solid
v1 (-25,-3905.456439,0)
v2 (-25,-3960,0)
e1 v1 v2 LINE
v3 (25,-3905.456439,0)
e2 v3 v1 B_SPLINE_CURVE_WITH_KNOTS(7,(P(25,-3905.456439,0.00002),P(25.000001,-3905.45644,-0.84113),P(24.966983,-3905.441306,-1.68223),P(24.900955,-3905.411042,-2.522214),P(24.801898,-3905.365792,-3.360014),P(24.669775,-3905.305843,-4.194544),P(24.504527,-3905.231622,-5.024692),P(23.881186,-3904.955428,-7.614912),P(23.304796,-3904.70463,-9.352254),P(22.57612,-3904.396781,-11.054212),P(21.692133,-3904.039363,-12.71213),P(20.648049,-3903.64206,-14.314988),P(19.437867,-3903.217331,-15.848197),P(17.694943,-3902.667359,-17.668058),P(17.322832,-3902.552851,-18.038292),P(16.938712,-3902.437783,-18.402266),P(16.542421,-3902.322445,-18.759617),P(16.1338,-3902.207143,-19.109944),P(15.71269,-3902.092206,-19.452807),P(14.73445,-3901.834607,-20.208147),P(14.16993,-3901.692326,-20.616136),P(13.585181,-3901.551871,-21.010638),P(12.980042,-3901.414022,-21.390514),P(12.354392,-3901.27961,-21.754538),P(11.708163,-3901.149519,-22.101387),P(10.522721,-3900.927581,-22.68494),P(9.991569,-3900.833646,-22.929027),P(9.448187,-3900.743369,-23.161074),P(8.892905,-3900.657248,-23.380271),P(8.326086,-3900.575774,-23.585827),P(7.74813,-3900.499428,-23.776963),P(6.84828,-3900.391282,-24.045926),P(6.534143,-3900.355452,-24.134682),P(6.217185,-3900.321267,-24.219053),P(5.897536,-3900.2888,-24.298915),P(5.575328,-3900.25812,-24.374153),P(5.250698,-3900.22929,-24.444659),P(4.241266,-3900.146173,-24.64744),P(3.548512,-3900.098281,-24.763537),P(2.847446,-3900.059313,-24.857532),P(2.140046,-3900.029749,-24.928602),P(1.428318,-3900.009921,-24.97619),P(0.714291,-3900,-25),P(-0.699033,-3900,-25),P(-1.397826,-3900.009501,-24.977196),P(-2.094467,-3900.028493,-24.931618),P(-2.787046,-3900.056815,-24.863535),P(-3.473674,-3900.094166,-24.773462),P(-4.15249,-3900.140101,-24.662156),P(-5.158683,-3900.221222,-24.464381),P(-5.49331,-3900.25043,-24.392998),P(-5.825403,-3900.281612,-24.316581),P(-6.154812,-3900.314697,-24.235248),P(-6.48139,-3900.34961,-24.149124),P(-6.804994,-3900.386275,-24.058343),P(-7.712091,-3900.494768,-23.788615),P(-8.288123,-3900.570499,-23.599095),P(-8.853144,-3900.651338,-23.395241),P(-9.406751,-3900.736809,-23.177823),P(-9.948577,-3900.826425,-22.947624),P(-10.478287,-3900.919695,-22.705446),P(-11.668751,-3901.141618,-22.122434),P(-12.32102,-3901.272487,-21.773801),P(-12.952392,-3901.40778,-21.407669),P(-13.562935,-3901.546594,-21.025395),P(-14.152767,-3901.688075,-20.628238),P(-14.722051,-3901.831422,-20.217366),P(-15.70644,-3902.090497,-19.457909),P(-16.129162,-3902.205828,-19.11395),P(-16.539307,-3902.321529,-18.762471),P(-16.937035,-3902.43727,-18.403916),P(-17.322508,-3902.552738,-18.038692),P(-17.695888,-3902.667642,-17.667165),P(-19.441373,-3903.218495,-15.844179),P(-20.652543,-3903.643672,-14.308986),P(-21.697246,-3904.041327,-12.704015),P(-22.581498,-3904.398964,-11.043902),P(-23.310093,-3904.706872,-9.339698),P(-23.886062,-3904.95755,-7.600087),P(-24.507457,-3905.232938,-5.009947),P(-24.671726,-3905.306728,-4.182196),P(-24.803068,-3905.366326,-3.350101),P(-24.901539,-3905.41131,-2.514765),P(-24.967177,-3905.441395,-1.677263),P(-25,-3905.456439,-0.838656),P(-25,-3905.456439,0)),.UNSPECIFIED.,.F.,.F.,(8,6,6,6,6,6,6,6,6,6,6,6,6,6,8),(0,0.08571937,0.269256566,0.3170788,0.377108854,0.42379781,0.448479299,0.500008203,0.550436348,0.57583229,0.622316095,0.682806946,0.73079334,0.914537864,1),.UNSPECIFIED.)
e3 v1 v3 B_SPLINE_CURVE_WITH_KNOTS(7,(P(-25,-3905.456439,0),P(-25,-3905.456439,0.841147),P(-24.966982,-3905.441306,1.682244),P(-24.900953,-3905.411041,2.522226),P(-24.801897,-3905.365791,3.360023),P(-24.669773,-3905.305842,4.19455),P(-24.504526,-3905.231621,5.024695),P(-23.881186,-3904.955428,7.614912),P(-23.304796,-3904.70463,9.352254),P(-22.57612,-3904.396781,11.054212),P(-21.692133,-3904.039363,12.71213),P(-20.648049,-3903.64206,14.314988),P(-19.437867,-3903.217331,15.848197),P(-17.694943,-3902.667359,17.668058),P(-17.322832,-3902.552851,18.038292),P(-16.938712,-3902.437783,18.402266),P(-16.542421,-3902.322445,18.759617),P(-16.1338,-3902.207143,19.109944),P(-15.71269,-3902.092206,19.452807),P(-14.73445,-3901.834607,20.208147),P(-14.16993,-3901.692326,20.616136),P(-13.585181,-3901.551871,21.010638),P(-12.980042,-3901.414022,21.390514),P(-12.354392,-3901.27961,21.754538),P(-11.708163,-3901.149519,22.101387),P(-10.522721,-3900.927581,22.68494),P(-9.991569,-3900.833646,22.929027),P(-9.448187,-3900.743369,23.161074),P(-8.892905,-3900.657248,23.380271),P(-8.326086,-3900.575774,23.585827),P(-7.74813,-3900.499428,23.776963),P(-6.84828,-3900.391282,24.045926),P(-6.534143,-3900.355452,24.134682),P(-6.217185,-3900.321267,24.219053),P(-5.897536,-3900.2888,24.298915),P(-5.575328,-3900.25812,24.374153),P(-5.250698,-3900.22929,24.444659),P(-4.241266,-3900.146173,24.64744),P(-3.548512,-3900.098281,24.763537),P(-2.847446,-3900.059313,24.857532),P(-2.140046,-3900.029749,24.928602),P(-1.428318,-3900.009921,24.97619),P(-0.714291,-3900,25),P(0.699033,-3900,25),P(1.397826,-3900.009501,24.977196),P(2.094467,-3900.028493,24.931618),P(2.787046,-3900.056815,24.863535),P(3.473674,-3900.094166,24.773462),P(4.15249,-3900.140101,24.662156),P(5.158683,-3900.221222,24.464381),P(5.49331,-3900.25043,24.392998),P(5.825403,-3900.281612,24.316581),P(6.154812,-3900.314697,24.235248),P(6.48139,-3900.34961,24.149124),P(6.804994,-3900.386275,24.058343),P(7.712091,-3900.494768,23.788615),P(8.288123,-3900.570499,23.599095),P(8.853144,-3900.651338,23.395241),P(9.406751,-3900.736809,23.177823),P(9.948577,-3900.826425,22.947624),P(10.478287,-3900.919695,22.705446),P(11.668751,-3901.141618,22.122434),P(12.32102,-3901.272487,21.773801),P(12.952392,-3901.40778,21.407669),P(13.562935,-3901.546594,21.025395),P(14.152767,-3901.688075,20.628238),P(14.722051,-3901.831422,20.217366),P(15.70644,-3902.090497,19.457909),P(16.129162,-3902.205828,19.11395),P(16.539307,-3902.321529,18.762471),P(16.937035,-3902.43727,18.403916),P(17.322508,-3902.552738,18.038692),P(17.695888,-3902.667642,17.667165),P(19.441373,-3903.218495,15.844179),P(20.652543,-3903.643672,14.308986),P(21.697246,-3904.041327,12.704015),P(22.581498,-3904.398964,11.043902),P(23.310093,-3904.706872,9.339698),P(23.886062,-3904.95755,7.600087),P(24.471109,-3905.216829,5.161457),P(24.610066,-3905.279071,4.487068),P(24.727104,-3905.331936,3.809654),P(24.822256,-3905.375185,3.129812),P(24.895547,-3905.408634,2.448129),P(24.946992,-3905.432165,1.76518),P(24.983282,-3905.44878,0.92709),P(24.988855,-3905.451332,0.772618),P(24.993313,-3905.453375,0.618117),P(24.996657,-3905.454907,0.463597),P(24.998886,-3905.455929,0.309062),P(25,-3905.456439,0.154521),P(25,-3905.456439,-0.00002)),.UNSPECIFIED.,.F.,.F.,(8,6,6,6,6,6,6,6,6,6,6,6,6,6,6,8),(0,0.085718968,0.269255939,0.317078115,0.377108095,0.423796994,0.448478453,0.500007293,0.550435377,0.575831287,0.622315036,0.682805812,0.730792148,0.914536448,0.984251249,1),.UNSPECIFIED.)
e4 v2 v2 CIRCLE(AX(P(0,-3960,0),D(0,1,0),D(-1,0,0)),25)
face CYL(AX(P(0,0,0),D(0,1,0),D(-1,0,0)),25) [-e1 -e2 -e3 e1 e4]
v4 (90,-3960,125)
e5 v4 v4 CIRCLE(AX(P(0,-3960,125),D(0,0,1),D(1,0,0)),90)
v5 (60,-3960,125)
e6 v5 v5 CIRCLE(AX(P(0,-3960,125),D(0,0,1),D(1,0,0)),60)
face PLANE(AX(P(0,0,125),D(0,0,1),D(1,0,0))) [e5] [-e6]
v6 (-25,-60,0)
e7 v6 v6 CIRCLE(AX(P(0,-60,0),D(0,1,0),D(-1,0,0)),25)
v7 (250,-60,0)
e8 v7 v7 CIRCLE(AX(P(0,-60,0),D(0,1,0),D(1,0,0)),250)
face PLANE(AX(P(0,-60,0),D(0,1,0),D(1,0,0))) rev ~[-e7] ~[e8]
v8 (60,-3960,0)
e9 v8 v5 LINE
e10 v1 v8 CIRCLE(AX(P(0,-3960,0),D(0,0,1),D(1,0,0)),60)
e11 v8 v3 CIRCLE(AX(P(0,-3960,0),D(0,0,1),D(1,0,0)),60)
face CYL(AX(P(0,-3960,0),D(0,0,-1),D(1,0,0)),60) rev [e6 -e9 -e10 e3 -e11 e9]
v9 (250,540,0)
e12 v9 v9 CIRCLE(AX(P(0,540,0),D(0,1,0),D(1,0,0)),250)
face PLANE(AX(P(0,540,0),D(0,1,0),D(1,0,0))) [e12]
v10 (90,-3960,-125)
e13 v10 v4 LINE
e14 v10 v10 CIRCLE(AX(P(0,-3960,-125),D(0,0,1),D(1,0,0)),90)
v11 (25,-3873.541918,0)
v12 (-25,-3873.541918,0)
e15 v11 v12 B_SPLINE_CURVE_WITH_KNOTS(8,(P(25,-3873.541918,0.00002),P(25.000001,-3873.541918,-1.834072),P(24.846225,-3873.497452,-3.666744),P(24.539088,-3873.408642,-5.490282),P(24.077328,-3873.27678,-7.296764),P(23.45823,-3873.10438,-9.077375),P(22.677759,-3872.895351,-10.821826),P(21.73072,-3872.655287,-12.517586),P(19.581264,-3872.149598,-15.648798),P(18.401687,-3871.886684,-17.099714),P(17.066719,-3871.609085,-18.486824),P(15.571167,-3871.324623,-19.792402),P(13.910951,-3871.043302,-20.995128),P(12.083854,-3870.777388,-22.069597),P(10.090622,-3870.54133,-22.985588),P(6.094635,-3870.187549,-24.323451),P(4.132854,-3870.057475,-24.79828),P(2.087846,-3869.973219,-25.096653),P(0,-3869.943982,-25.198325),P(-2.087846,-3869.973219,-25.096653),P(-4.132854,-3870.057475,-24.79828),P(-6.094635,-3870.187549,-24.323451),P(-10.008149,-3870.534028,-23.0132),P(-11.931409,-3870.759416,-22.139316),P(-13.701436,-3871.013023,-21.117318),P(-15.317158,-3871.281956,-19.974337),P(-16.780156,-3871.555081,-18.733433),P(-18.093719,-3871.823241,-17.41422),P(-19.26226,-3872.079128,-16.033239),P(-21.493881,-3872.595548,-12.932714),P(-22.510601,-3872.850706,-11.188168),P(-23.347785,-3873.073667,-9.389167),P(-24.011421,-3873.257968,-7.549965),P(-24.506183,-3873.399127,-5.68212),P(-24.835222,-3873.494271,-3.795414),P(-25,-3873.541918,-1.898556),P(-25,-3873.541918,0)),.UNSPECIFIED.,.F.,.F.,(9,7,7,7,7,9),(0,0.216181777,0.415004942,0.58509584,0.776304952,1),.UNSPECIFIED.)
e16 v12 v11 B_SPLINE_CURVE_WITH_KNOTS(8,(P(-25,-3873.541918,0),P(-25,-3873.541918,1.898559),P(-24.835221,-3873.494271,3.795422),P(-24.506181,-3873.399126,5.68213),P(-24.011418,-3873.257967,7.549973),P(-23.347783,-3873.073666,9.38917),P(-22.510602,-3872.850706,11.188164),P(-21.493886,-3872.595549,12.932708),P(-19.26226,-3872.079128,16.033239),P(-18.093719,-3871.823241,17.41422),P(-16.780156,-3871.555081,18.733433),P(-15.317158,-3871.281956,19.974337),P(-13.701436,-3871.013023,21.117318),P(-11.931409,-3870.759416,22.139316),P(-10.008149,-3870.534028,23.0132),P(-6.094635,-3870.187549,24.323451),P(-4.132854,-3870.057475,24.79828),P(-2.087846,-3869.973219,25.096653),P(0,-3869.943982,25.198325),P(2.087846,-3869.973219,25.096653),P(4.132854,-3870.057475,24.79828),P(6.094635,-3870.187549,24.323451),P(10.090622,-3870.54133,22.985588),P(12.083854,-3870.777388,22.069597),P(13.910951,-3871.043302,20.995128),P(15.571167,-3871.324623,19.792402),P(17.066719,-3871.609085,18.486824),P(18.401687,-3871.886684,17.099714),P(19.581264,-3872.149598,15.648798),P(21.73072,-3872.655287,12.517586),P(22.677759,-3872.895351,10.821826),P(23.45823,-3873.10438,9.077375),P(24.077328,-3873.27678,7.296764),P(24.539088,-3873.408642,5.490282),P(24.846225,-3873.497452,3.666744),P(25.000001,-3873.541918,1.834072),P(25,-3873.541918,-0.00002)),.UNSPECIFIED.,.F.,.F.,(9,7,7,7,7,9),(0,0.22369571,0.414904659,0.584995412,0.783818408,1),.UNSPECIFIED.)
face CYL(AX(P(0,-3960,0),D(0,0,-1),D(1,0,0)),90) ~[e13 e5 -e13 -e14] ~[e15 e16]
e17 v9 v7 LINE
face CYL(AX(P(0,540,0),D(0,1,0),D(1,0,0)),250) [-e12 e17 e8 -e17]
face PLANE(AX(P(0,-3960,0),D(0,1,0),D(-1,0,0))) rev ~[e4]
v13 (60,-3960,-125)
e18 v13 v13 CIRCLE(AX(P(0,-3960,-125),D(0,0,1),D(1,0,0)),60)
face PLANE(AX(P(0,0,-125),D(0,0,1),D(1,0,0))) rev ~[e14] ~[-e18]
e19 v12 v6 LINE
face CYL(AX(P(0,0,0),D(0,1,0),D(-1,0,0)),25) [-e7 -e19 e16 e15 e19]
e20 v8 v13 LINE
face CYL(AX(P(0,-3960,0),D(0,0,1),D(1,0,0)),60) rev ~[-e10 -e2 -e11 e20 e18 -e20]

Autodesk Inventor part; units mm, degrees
ref_plane "XZ Plane" through (0, 0, 0) normal (0, 1, 0) x (-1, 0, 0)
sketch "Sketch4" plane through (0, 0, 0) normal (0, 0, 1) x (1, 0, 0)
  circle A0 centre (0, -3960) radius 60
  circle A1 centre (0, -3960) radius 90
  line L0 (-350, 0) -> (350, 0)
  point P0 (0, 0)
  dimension "d14" = 120
  dimension "d15" = 180
  dimension "d31" = 3960
extrude "Extrusion2" add sketch "Sketch4" along normal mid plane 250
sketch "Sketch6" plane through (0, 0, 0) normal (0, 1, 0) x (-1, 0, 0)
  circle A0 centre (0, 0) radius 25
  dimension "d18" = 50
extrude "Extrusion3" add sketch "Sketch6" along normal blind 540 and the other way blind 3960
sketch "Sketch7" plane through (0, -3960, 125) normal (0, 0, 1) x (1, 0, 0)
  point P0 (0, 3960)
  point P1 (0, 3960)
hole "Hole1" at (0, 0, 125) direction (0, 0, -1) diameter 120 end through all
sketch "Sketch8" plane through (0, 540, 0) normal (0, 1, 0) x (1, 0, 0)
  circle A0 centre (0, 0) radius 250
  dimension "d28" = 500
extrude "Extrusion4" add sketch "Sketch8" against normal blind 600
properties part number "pendulumSimple" material "Steel"
